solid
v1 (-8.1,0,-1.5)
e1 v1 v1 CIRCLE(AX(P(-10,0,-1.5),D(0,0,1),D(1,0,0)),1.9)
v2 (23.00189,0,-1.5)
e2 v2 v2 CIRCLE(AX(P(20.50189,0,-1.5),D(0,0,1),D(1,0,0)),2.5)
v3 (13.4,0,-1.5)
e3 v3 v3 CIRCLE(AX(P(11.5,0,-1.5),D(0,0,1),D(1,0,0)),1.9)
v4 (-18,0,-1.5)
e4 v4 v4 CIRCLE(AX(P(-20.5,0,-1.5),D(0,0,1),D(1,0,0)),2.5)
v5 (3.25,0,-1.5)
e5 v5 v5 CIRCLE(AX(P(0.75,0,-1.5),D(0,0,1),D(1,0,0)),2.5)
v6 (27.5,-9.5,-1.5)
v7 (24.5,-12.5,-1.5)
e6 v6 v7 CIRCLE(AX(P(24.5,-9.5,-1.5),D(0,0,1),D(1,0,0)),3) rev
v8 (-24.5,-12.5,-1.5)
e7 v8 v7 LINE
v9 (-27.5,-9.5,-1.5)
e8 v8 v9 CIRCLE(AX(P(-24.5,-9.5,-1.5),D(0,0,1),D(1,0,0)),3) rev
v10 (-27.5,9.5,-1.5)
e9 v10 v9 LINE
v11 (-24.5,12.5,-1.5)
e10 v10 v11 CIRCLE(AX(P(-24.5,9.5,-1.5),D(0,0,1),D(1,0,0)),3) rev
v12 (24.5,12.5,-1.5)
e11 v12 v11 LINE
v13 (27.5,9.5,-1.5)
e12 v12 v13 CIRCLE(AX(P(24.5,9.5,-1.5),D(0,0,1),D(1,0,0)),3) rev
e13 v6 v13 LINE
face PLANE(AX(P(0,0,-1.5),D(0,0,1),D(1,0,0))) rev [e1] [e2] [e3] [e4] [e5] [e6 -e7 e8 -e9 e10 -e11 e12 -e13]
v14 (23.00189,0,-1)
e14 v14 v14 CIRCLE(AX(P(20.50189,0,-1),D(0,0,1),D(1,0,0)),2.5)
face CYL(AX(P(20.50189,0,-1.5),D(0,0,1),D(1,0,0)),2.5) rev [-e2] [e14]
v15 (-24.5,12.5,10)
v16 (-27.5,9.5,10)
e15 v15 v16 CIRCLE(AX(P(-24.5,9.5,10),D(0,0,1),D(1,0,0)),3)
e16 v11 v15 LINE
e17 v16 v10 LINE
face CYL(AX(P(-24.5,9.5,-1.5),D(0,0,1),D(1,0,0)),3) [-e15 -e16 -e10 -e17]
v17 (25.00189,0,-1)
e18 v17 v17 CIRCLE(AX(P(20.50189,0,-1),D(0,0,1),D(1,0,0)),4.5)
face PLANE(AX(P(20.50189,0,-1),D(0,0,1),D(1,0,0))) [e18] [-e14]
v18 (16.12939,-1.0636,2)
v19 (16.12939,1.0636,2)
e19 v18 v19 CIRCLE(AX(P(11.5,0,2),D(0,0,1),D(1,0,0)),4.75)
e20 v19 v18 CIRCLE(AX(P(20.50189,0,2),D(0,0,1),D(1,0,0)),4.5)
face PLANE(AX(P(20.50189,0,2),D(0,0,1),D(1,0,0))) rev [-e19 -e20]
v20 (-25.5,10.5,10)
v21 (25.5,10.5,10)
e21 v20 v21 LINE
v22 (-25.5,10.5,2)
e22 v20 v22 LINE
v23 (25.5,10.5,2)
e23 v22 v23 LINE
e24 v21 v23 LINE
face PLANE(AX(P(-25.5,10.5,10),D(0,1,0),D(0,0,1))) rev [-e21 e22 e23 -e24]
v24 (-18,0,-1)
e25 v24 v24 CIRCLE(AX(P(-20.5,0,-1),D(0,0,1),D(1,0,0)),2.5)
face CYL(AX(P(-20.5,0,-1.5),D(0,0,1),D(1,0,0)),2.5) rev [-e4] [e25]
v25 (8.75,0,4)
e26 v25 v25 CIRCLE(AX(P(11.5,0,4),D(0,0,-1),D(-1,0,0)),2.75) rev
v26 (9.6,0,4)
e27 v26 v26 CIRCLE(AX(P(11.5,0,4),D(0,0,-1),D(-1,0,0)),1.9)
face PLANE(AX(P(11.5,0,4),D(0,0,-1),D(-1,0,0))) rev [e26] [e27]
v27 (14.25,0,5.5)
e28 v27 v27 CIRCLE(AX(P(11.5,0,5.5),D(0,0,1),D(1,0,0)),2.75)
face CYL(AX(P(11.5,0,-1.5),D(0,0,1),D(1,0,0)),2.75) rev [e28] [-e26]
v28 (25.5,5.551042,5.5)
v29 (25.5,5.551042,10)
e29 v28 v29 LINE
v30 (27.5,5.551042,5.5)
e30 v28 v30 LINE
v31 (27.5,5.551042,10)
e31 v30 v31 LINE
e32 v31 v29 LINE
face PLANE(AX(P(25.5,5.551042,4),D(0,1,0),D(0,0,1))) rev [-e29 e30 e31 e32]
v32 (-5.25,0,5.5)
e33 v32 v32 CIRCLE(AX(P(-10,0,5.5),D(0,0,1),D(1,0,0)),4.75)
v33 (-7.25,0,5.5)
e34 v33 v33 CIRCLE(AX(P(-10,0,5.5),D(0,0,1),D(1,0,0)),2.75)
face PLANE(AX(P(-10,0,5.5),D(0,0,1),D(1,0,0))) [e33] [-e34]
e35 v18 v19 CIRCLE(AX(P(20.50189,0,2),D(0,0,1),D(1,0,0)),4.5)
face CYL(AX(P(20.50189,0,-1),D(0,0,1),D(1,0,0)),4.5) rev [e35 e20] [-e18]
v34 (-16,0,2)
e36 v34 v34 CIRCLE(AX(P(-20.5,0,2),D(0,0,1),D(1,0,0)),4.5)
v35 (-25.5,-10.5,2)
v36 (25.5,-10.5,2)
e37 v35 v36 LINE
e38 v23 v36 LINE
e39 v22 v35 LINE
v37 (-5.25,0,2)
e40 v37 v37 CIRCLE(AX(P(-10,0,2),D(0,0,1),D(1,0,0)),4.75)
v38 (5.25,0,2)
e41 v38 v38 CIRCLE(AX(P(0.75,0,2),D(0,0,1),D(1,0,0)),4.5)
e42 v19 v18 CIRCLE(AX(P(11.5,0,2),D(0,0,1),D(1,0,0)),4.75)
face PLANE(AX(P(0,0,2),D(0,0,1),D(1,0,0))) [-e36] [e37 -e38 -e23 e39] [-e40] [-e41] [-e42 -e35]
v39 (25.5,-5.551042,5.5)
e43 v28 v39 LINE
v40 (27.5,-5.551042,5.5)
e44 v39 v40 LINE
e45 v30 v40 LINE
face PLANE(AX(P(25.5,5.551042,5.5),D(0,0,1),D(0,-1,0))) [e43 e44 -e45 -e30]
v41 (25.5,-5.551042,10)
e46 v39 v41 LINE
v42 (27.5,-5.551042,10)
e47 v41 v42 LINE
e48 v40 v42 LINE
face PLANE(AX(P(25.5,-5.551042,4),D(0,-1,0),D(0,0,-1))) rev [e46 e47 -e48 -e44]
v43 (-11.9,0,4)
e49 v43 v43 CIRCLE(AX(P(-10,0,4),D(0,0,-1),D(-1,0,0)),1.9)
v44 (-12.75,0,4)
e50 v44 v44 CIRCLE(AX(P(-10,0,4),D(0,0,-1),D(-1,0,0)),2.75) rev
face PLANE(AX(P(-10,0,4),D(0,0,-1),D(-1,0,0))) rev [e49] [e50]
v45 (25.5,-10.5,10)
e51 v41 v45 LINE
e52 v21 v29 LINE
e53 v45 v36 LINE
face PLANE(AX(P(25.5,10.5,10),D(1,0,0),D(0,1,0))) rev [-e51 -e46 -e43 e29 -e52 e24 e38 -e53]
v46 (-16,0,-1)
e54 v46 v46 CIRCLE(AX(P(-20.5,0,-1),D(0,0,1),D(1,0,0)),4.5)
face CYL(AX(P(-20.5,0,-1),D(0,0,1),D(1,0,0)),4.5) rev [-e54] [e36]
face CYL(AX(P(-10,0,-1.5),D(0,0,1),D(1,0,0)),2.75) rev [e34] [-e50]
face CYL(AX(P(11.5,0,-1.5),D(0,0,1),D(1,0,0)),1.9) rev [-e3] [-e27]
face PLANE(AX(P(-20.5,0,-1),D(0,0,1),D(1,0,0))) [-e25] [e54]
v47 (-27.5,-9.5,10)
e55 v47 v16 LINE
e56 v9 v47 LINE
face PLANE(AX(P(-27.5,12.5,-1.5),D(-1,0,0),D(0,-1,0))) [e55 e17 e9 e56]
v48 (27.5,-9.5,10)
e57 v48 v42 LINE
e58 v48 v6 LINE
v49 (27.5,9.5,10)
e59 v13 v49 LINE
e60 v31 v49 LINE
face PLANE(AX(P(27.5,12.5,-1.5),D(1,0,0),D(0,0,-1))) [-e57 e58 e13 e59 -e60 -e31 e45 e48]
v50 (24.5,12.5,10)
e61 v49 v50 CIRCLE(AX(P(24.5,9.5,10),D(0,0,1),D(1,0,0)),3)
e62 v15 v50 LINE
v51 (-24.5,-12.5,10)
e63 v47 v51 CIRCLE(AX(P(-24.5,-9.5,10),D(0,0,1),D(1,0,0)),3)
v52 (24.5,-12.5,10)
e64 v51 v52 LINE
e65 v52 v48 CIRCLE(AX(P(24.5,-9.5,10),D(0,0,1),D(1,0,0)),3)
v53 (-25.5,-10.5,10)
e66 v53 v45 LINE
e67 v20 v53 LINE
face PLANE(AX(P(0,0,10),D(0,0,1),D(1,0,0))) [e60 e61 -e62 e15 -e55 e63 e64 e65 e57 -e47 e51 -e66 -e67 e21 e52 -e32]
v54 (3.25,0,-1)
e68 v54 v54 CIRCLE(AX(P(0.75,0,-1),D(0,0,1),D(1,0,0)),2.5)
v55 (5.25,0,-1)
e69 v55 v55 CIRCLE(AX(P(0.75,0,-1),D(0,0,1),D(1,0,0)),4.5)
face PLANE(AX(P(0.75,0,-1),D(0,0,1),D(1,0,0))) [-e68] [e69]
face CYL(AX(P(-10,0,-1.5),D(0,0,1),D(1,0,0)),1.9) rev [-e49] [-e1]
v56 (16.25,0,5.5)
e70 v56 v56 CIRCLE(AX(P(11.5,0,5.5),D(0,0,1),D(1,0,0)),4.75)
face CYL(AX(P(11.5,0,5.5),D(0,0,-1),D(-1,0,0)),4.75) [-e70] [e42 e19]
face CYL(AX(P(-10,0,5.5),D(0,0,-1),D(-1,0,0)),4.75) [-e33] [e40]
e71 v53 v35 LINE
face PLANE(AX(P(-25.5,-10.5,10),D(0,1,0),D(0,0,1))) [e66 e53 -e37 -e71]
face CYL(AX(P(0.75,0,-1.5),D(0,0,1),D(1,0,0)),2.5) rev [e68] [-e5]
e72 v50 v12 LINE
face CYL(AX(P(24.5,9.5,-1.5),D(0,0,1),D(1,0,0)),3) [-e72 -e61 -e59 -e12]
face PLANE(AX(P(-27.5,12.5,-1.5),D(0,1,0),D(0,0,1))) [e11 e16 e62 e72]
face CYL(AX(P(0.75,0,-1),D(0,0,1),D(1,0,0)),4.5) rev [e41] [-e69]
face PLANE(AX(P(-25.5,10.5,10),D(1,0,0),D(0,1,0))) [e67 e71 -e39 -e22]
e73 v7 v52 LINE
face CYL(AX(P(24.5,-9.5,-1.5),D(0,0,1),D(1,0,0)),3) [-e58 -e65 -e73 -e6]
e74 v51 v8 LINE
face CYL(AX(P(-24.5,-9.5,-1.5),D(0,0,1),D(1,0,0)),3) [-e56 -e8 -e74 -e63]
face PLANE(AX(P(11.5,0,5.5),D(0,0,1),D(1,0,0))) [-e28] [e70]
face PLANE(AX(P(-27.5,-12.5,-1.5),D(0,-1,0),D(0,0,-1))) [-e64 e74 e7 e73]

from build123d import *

# Parameters (mm, degrees)
CROQUIS1_W                   = 55
CROQUIS1_H                   = 25
CROQUIS1_R                   = 2.75
SALIENTE_EXTRUIR1_DEPTH      = 2
SALIENTE_EXTRUIR1_DEPTH_BACK = 1.5
CROQUIS2_R                   = 4.75
CROQUIS2_R_2                 = 2.75
SALIENTE_EXTRUIR2_DEPTH      = 3.5
CROQUIS3_W                   = 55
CROQUIS3_H                   = 25
CROQUIS3_W_2                 = 51
CROQUIS3_H_2                 = 21
SALIENTE_EXTRUIR3_DEPTH      = 8
REDONDEO1_R                  = 3
CROQUIS5_W                   = 2
CROQUIS5_H                   = 11.102083366
CORTAR_EXTRUIR1_DEPTH        = 6
CROQUIS8_R                   = 4.5
CORTAR_EXTRUIR4_DEPTH        = 3
CROQUIS11_R                  = 2.75
SALIENTE_EXTRUIR5_DEPTH      = 5.5
CROQUIS12_R                  = 1.9
CORTAR_EXTRUIR11_DEPTH       = 9
CORTAR_EXTRUIR11_DEPTH_BACK  = 4.5
CROQUIS13_R                  = 2.5
CORTAR_EXTRUIR12_DEPTH       = 4.5
CROQUIS14_W                  = 1.5
CROQUIS14_H                  = 11.102083366
SALIENTE_EXTRUIR6_DEPTH      = 2


with BuildPart() as part:
    # Croquis1 → Saliente-Extruir1 (new body, two sides)
    with BuildSketch(Plane.XY) as saliente_extruir1_sk:
        Rectangle(CROQUIS1_W, CROQUIS1_H)
        with Locations((-10, 0)):
            Circle(CROQUIS1_R, mode=Mode.SUBTRACT)
        with Locations((11.5, 0)):
            Circle(CROQUIS1_R, mode=Mode.SUBTRACT)
    extrude(amount=SALIENTE_EXTRUIR1_DEPTH)
    extrude(saliente_extruir1_sk.sketch, amount=-SALIENTE_EXTRUIR1_DEPTH_BACK)

    # Croquis2 → Saliente-Extruir2 (add)
    with BuildSketch(Plane.XY.offset(2)):
        with Locations((-10, 0)):
            Circle(CROQUIS2_R)
        with Locations((-10, 0)):
            Circle(CROQUIS2_R_2, mode=Mode.SUBTRACT)
        with Locations((11.5, 0)):
            Circle(CROQUIS2_R)
        with Locations((11.5, 0)):
            Circle(CROQUIS2_R_2, mode=Mode.SUBTRACT)
    extrude(amount=SALIENTE_EXTRUIR2_DEPTH)

    # Croquis3 → Saliente-Extruir3 (add)
    with BuildSketch(Plane.XY.offset(2)):
        Rectangle(CROQUIS3_W, CROQUIS3_H)
        Rectangle(CROQUIS3_W_2, CROQUIS3_H_2, mode=Mode.SUBTRACT)
    extrude(amount=SALIENTE_EXTRUIR3_DEPTH)

    # Redondeo1
    redondeo1_edges = [part.edges().sort_by_distance(p)[0] for p in [
        (27.5, -12.5, 4.25),
        (-27.5, -12.5, 4.25),
        (-27.5, 12.5, 4.25),
        (27.5, 12.5, 4.25),
    ]]
    fillet(redondeo1_edges, radius=REDONDEO1_R)

    # Croquis5 → Cortar-Extruir1 (cut)
    with BuildSketch(Plane.XY.offset(10)):
        with Locations((26.5, 0)):
            Rectangle(CROQUIS5_W, CROQUIS5_H)
    extrude(amount=-CORTAR_EXTRUIR1_DEPTH, mode=Mode.SUBTRACT)

    # Croquis8 → Cortar-Extruir4 (cut)
    with BuildSketch(Plane.XY.offset(2)):
        with Locations((0.75, 0)):
            Circle(CROQUIS8_R)
        with Locations((-20.5, 0)):
            Circle(CROQUIS8_R)
        with Locations((20.501890269, 0)):
            Circle(CROQUIS8_R)
    extrude(amount=-CORTAR_EXTRUIR4_DEPTH, mode=Mode.SUBTRACT)

    # Croquis11 → Saliente-Extruir5 (add)
    with BuildSketch(Plane(origin=(0, 0, -1.5), x_dir=(-1, 0, 0), z_dir=(0, 0, -1))):
        with Locations((-11.5, 0)):
            Circle(CROQUIS11_R)
        with Locations((10, 0)):
            Circle(CROQUIS11_R)
    extrude(amount=-SALIENTE_EXTRUIR5_DEPTH)

    # Croquis12 → Cortar-Extruir11 (cut, two sides)
    with BuildSketch(Plane.XY.offset(2)) as cortar_extruir11_sk:
        with Locations((-10, 0)):
            Circle(CROQUIS12_R)
        with Locations((11.5, 0)):
            Circle(CROQUIS12_R)
    extrude(amount=CORTAR_EXTRUIR11_DEPTH, mode=Mode.SUBTRACT)
    extrude(cortar_extruir11_sk.sketch, amount=-CORTAR_EXTRUIR11_DEPTH_BACK, mode=Mode.SUBTRACT)

    # Croquis13 → Cortar-Extruir12 (cut, through all)
    with BuildSketch(Plane.XY.offset(2)):
        with Locations((20.501890269, 0)):
            Circle(CROQUIS13_R)
        with Locations((0.75, 0)):
            Circle(CROQUIS13_R)
        with Locations((-20.5, 0)):
            Circle(CROQUIS13_R)
    extrude(amount=-CORTAR_EXTRUIR12_DEPTH, mode=Mode.SUBTRACT)

    # Croquis14 → Saliente-Extruir6 (add)
    with BuildSketch(Plane(origin=(27.5, 0, 0), x_dir=(0, 0, -1), z_dir=(1, 0, 0))):
        with Locations((-4.75, 0)):
            Rectangle(CROQUIS14_W, CROQUIS14_H)
    extrude(amount=-SALIENTE_EXTRUIR6_DEPTH)


solid = part.part
